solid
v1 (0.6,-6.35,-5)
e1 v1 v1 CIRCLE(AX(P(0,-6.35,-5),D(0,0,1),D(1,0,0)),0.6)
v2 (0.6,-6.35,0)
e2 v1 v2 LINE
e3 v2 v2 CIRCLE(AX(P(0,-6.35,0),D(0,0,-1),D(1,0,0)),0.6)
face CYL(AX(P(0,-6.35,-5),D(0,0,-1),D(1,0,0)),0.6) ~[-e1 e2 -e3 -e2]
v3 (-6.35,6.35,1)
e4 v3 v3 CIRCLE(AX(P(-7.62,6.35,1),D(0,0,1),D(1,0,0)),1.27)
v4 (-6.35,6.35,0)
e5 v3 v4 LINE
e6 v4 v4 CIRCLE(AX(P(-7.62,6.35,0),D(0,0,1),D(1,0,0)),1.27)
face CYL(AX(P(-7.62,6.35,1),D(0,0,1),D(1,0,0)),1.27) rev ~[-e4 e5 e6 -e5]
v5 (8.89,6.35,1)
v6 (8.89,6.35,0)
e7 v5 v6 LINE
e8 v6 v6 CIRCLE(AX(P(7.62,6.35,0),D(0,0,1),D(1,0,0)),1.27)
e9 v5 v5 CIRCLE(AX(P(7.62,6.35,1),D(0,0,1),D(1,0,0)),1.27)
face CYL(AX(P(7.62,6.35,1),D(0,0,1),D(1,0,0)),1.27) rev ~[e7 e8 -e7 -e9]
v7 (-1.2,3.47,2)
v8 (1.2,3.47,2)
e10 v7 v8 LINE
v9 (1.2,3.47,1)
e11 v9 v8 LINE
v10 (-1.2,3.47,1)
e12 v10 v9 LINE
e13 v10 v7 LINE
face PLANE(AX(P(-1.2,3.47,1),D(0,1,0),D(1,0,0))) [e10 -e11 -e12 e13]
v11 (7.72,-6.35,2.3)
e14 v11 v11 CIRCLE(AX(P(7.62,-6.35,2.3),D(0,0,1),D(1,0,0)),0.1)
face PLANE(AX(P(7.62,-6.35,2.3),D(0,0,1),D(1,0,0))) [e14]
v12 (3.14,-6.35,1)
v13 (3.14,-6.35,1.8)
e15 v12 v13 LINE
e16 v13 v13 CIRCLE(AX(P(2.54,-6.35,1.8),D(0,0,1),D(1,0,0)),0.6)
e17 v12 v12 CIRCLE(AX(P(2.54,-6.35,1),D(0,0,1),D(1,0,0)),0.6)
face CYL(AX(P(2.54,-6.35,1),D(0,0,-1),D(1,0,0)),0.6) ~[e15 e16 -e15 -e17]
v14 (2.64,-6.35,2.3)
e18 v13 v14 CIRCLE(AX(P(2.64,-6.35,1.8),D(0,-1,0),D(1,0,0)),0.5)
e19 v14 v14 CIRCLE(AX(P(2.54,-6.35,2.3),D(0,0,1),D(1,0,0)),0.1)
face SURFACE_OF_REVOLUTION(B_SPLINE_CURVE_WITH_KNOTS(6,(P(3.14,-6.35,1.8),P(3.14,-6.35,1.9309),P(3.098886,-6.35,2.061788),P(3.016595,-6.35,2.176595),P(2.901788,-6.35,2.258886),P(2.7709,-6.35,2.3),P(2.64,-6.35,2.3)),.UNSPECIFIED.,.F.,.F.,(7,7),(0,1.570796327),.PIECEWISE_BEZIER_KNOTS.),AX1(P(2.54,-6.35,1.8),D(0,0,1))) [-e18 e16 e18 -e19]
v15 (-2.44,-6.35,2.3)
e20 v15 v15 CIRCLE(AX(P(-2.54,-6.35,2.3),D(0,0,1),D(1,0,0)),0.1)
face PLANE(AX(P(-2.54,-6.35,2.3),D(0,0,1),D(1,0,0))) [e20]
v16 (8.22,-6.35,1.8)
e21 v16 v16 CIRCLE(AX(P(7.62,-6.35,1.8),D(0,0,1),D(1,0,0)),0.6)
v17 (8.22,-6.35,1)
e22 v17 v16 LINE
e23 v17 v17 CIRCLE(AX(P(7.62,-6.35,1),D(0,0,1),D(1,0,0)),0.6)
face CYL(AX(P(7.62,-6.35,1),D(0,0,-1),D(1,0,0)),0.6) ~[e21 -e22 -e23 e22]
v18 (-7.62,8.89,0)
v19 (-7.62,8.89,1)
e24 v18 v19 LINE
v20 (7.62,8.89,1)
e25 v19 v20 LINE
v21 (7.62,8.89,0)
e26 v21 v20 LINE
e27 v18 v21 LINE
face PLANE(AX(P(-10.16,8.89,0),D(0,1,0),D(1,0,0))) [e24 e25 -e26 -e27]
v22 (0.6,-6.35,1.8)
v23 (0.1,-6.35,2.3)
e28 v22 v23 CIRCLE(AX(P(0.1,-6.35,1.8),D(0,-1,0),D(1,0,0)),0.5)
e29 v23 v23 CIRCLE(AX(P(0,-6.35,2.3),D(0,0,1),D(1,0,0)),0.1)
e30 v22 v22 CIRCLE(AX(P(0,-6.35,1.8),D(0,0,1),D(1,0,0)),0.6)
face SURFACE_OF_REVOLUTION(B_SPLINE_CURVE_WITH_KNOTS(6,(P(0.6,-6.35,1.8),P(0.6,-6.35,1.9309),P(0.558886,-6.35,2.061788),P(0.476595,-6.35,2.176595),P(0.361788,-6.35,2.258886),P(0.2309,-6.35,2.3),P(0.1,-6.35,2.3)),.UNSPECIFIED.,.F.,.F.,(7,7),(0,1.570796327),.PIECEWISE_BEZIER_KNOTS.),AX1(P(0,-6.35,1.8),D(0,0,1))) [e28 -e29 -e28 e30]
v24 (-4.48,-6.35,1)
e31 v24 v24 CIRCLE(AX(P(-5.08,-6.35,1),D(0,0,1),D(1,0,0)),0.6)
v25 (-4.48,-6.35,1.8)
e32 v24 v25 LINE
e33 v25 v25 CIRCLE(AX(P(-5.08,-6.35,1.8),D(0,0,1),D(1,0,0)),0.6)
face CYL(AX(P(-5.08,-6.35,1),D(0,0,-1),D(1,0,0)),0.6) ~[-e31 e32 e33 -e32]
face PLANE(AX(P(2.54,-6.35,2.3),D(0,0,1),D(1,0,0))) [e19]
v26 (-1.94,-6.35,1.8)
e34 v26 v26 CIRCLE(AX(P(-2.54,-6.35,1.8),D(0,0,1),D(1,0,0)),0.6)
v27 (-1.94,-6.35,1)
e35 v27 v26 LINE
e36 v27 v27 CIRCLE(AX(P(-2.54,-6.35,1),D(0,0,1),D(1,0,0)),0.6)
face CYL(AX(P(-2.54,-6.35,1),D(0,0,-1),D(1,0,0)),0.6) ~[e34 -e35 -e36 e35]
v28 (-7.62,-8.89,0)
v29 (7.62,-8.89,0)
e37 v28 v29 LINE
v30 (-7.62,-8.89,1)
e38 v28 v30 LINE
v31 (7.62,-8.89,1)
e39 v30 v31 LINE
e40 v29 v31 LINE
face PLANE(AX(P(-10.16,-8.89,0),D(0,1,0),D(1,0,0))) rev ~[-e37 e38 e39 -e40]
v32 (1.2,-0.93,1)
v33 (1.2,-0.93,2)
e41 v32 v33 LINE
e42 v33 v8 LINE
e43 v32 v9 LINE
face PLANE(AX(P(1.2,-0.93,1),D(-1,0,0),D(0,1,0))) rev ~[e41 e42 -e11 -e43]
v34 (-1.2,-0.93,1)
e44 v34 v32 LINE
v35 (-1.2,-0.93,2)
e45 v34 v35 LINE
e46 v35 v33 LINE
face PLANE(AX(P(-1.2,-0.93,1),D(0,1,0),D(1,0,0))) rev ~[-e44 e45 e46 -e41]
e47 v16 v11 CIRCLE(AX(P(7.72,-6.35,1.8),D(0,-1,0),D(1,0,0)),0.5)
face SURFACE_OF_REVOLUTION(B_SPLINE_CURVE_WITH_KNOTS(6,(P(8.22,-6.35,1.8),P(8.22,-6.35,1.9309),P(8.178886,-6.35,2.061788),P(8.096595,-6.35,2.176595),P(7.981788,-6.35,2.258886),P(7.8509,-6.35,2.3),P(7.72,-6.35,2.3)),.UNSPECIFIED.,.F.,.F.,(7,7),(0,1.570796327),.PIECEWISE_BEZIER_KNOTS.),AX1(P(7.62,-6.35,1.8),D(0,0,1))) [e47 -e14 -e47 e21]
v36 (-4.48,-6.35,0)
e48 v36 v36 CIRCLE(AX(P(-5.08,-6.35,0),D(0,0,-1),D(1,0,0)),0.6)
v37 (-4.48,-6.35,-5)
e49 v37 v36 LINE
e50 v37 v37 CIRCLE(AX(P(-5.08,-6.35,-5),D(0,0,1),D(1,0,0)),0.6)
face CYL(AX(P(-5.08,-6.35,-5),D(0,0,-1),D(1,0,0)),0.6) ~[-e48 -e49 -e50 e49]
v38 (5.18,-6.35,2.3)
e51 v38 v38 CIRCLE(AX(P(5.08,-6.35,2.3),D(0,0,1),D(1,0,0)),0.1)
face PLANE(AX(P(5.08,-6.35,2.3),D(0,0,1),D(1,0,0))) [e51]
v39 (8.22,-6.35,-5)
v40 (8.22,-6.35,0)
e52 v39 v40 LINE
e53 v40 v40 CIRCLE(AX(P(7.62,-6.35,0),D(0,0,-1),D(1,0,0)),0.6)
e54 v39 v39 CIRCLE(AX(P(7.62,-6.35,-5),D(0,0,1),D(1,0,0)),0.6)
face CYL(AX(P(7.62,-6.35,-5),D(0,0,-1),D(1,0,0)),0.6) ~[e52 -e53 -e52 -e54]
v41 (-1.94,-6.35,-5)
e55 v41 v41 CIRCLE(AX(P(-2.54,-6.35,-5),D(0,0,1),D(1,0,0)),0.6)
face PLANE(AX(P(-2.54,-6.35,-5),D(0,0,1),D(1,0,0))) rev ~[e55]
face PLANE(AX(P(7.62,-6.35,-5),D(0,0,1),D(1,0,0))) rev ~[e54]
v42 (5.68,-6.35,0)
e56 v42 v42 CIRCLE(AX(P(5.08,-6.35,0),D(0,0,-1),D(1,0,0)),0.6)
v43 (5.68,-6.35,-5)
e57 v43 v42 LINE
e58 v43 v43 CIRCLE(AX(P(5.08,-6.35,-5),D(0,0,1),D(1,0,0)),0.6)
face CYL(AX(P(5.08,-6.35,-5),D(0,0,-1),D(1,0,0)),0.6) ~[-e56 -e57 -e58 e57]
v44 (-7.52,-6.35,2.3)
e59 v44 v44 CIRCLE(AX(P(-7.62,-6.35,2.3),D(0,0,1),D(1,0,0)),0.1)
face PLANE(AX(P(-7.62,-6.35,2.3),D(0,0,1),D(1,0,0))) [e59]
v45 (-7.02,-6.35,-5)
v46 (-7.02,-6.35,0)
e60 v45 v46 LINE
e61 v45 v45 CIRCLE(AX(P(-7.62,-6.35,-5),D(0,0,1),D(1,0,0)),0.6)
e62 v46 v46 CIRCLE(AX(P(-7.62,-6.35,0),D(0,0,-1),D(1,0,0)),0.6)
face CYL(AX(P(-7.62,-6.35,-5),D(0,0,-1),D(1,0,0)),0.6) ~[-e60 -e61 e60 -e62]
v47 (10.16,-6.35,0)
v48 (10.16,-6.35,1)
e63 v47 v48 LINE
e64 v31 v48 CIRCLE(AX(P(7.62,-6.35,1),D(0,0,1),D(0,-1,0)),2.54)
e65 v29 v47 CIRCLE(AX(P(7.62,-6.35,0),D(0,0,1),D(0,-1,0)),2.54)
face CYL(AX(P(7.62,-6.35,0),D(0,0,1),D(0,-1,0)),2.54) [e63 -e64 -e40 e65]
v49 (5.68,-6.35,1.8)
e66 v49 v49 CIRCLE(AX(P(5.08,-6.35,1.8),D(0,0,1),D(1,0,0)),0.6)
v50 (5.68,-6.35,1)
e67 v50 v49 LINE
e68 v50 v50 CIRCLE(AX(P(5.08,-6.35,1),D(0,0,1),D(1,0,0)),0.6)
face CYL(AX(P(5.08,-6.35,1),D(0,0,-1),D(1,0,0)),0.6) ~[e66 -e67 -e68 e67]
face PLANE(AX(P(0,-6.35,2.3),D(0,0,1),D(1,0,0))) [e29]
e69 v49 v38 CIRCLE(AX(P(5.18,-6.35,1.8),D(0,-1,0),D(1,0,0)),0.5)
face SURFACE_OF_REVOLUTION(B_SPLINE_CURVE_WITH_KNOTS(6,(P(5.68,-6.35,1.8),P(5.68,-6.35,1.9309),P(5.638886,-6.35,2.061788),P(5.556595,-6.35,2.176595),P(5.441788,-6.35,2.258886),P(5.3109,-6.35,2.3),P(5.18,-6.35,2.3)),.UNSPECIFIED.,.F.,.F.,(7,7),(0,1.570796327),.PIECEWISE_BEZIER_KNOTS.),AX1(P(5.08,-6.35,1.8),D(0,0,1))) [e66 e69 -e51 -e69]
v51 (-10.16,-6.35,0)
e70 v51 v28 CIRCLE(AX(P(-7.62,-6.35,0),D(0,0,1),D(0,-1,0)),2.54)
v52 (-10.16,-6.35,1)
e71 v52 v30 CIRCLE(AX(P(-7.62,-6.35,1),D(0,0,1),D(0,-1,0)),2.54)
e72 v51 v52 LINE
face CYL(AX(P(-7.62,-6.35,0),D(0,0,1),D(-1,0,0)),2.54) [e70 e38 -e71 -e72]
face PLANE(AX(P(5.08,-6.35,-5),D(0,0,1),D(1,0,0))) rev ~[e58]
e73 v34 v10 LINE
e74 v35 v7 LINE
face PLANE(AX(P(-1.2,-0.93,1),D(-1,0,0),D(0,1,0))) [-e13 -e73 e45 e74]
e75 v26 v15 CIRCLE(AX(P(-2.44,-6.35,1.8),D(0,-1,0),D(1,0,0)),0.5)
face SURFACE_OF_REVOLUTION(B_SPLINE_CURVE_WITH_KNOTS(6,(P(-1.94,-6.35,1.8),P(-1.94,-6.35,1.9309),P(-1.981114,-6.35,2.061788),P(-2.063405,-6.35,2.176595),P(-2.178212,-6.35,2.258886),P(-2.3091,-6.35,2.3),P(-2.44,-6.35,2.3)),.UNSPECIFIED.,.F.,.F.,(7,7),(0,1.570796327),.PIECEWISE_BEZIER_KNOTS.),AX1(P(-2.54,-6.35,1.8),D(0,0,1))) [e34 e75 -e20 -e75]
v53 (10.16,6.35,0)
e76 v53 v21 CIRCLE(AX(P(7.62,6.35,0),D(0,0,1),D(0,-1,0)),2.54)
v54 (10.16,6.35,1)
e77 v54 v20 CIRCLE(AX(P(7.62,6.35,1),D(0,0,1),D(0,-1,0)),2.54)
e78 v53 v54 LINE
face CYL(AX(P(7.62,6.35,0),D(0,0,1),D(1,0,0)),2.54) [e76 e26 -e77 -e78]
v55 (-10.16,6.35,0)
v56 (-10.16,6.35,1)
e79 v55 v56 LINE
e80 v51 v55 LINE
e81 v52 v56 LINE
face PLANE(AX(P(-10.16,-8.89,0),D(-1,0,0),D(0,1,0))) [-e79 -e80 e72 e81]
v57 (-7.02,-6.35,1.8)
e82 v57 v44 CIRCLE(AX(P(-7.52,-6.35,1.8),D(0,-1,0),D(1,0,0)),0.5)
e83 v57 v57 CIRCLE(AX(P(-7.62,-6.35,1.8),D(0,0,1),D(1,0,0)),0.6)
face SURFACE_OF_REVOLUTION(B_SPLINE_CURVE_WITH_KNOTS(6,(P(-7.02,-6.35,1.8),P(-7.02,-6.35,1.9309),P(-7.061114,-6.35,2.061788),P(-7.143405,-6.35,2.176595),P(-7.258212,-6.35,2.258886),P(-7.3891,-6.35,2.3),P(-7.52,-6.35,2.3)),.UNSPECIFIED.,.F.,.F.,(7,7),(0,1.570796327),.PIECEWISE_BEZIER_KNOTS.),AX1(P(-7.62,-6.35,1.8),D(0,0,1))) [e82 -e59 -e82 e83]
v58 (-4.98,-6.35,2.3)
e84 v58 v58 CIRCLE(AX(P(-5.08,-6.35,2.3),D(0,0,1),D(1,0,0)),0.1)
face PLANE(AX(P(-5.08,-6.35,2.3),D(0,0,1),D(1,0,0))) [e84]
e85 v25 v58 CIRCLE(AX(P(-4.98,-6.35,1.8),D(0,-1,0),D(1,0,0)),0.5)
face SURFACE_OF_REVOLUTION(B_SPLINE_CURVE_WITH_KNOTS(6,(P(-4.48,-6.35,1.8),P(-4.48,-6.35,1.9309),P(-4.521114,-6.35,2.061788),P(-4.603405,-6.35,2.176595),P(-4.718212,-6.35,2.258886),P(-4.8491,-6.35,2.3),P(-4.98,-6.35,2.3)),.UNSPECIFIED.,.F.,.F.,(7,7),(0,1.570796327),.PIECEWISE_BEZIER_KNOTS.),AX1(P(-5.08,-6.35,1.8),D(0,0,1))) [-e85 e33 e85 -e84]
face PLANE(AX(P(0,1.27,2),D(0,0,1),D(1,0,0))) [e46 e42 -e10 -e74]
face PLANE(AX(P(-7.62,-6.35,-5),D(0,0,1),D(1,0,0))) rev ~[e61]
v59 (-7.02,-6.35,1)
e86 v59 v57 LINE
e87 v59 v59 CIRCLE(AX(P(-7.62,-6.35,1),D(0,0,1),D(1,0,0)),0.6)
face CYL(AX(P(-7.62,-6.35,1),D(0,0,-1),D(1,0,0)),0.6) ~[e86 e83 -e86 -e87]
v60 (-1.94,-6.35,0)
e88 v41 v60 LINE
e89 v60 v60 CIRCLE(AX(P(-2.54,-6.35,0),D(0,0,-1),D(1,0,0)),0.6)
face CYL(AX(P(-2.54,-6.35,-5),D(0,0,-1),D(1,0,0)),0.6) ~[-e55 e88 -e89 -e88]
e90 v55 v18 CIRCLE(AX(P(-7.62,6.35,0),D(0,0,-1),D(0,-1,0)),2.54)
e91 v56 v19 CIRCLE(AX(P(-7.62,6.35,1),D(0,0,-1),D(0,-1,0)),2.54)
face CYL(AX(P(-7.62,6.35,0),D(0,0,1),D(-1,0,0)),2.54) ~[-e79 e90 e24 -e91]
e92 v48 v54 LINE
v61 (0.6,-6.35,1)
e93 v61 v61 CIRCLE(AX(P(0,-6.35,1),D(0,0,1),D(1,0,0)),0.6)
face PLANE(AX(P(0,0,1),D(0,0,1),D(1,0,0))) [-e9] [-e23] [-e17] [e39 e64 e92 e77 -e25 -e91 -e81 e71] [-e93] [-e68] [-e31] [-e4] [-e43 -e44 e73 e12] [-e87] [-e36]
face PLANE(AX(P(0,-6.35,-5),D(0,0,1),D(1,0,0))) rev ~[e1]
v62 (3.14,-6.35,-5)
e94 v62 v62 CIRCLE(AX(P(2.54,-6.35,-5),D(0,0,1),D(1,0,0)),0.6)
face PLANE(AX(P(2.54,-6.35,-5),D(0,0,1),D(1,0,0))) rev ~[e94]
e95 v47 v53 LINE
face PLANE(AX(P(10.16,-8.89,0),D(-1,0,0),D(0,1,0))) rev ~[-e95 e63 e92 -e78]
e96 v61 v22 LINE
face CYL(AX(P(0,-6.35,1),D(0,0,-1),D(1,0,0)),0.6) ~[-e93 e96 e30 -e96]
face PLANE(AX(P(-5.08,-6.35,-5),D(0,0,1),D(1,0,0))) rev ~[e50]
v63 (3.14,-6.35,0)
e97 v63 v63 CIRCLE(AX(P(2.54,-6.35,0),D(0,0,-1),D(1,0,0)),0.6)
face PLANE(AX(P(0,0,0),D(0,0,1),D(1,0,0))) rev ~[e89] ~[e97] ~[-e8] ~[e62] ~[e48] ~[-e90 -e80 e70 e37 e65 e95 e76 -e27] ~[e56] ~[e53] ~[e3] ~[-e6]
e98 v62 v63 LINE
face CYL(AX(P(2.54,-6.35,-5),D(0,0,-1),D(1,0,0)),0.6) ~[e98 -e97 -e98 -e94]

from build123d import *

# Parameters (mm, degrees)
SKETCH1_W           = 20.32
SKETCH1_H           = 17.78
BOSS_EXTRUDE1_DEPTH = 1
FILLET2_R           = 2.54
SKETCH2_R           = 1.27
CUT_EXTRUDE1_DEPTH  = 14.537270774
SKETCH3_W           = 2.4
SKETCH3_H           = 4.4
BOSS_EXTRUDE2_DEPTH = 1
SKETCH4_R           = 0.6
BOSS_EXTRUDE3_DEPTH = 1.3
BOSS_EXTRUDE4_START = -6
SKETCH4_2_R         = 0.6
BOSS_EXTRUDE4_DEPTH = 6
FILLET3_R           = 0.5


with BuildPart() as part:
    # Sketch1 → Boss-Extrude1 (new body)
    with BuildSketch(Plane.XY):
        Rectangle(SKETCH1_W, SKETCH1_H)
    extrude(amount=BOSS_EXTRUDE1_DEPTH)

    # Fillet2
    fillet2_edges = [part.edges().sort_by_distance(p)[0] for p in [
        (10.16, -8.89, 0.5),
        (-10.16, -8.89, 0.5),
        (-10.16, 8.89, 0.5),
        (10.16, 8.89, 0.5),
    ]]
    fillet(fillet2_edges, radius=FILLET2_R)

    # Sketch2 → Cut-Extrude1 (cut, through all)
    with BuildSketch(Plane.XY.offset(1)):
        with Locations((-7.62, 6.35)):
            Circle(SKETCH2_R)
        with Locations((7.62, 6.35)):
            Circle(SKETCH2_R)
    extrude(amount=-CUT_EXTRUDE1_DEPTH, mode=Mode.SUBTRACT)

    # Sketch3 → Boss-Extrude2 (add)
    with BuildSketch(Plane.XY.offset(1)):
        with Locations((0, 1.27)):
            Rectangle(SKETCH3_W, SKETCH3_H)
    extrude(amount=BOSS_EXTRUDE2_DEPTH)

    # Sketch4 → Boss-Extrude3 (add)
    with BuildSketch(Plane.XY.offset(1)):
        with Locations((-7.62, -6.35)):
            Circle(SKETCH4_R)
        with Locations((-5.08, -6.35)):
            Circle(SKETCH4_R)
        with Locations((-2.54, -6.35)):
            Circle(SKETCH4_R)
        with Locations((0, -6.35)):
            Circle(SKETCH4_R)
        with Locations((2.54, -6.35)):
            Circle(SKETCH4_R)
        with Locations((5.08, -6.35)):
            Circle(SKETCH4_R)
        with Locations((7.62, -6.35)):
            Circle(SKETCH4_R)
    extrude(amount=BOSS_EXTRUDE3_DEPTH)

    # Sketch4<2> → Boss-Extrude4 (add)
    with BuildSketch(Plane.XY.offset(1).offset(BOSS_EXTRUDE4_START)):
        with Locations((-7.62, -6.35)):
            Circle(SKETCH4_2_R)
        with Locations((-5.08, -6.35)):
            Circle(SKETCH4_2_R)
        with Locations((-2.54, -6.35)):
            Circle(SKETCH4_2_R)
        with Locations((0, -6.35)):
            Circle(SKETCH4_2_R)
        with Locations((2.54, -6.35)):
            Circle(SKETCH4_2_R)
        with Locations((5.08, -6.35)):
            Circle(SKETCH4_2_R)
        with Locations((7.62, -6.35)):
            Circle(SKETCH4_2_R)
    extrude(amount=BOSS_EXTRUDE4_DEPTH)

    # Fillet3
    fillet3_edges = [part.edges().sort_by_distance(p)[0] for p in [
        (-8.22, -6.35, 2.3),
        (-5.68, -6.35, 2.3),
        (-3.14, -6.35, 2.3),
        (-0.6, -6.35, 2.3),
        (1.94, -6.35, 2.3),
        (4.48, -6.35, 2.3),
        (7.02, -6.35, 2.3),
    ]]
    fillet(fillet3_edges, radius=FILLET3_R)


solid = part.part
